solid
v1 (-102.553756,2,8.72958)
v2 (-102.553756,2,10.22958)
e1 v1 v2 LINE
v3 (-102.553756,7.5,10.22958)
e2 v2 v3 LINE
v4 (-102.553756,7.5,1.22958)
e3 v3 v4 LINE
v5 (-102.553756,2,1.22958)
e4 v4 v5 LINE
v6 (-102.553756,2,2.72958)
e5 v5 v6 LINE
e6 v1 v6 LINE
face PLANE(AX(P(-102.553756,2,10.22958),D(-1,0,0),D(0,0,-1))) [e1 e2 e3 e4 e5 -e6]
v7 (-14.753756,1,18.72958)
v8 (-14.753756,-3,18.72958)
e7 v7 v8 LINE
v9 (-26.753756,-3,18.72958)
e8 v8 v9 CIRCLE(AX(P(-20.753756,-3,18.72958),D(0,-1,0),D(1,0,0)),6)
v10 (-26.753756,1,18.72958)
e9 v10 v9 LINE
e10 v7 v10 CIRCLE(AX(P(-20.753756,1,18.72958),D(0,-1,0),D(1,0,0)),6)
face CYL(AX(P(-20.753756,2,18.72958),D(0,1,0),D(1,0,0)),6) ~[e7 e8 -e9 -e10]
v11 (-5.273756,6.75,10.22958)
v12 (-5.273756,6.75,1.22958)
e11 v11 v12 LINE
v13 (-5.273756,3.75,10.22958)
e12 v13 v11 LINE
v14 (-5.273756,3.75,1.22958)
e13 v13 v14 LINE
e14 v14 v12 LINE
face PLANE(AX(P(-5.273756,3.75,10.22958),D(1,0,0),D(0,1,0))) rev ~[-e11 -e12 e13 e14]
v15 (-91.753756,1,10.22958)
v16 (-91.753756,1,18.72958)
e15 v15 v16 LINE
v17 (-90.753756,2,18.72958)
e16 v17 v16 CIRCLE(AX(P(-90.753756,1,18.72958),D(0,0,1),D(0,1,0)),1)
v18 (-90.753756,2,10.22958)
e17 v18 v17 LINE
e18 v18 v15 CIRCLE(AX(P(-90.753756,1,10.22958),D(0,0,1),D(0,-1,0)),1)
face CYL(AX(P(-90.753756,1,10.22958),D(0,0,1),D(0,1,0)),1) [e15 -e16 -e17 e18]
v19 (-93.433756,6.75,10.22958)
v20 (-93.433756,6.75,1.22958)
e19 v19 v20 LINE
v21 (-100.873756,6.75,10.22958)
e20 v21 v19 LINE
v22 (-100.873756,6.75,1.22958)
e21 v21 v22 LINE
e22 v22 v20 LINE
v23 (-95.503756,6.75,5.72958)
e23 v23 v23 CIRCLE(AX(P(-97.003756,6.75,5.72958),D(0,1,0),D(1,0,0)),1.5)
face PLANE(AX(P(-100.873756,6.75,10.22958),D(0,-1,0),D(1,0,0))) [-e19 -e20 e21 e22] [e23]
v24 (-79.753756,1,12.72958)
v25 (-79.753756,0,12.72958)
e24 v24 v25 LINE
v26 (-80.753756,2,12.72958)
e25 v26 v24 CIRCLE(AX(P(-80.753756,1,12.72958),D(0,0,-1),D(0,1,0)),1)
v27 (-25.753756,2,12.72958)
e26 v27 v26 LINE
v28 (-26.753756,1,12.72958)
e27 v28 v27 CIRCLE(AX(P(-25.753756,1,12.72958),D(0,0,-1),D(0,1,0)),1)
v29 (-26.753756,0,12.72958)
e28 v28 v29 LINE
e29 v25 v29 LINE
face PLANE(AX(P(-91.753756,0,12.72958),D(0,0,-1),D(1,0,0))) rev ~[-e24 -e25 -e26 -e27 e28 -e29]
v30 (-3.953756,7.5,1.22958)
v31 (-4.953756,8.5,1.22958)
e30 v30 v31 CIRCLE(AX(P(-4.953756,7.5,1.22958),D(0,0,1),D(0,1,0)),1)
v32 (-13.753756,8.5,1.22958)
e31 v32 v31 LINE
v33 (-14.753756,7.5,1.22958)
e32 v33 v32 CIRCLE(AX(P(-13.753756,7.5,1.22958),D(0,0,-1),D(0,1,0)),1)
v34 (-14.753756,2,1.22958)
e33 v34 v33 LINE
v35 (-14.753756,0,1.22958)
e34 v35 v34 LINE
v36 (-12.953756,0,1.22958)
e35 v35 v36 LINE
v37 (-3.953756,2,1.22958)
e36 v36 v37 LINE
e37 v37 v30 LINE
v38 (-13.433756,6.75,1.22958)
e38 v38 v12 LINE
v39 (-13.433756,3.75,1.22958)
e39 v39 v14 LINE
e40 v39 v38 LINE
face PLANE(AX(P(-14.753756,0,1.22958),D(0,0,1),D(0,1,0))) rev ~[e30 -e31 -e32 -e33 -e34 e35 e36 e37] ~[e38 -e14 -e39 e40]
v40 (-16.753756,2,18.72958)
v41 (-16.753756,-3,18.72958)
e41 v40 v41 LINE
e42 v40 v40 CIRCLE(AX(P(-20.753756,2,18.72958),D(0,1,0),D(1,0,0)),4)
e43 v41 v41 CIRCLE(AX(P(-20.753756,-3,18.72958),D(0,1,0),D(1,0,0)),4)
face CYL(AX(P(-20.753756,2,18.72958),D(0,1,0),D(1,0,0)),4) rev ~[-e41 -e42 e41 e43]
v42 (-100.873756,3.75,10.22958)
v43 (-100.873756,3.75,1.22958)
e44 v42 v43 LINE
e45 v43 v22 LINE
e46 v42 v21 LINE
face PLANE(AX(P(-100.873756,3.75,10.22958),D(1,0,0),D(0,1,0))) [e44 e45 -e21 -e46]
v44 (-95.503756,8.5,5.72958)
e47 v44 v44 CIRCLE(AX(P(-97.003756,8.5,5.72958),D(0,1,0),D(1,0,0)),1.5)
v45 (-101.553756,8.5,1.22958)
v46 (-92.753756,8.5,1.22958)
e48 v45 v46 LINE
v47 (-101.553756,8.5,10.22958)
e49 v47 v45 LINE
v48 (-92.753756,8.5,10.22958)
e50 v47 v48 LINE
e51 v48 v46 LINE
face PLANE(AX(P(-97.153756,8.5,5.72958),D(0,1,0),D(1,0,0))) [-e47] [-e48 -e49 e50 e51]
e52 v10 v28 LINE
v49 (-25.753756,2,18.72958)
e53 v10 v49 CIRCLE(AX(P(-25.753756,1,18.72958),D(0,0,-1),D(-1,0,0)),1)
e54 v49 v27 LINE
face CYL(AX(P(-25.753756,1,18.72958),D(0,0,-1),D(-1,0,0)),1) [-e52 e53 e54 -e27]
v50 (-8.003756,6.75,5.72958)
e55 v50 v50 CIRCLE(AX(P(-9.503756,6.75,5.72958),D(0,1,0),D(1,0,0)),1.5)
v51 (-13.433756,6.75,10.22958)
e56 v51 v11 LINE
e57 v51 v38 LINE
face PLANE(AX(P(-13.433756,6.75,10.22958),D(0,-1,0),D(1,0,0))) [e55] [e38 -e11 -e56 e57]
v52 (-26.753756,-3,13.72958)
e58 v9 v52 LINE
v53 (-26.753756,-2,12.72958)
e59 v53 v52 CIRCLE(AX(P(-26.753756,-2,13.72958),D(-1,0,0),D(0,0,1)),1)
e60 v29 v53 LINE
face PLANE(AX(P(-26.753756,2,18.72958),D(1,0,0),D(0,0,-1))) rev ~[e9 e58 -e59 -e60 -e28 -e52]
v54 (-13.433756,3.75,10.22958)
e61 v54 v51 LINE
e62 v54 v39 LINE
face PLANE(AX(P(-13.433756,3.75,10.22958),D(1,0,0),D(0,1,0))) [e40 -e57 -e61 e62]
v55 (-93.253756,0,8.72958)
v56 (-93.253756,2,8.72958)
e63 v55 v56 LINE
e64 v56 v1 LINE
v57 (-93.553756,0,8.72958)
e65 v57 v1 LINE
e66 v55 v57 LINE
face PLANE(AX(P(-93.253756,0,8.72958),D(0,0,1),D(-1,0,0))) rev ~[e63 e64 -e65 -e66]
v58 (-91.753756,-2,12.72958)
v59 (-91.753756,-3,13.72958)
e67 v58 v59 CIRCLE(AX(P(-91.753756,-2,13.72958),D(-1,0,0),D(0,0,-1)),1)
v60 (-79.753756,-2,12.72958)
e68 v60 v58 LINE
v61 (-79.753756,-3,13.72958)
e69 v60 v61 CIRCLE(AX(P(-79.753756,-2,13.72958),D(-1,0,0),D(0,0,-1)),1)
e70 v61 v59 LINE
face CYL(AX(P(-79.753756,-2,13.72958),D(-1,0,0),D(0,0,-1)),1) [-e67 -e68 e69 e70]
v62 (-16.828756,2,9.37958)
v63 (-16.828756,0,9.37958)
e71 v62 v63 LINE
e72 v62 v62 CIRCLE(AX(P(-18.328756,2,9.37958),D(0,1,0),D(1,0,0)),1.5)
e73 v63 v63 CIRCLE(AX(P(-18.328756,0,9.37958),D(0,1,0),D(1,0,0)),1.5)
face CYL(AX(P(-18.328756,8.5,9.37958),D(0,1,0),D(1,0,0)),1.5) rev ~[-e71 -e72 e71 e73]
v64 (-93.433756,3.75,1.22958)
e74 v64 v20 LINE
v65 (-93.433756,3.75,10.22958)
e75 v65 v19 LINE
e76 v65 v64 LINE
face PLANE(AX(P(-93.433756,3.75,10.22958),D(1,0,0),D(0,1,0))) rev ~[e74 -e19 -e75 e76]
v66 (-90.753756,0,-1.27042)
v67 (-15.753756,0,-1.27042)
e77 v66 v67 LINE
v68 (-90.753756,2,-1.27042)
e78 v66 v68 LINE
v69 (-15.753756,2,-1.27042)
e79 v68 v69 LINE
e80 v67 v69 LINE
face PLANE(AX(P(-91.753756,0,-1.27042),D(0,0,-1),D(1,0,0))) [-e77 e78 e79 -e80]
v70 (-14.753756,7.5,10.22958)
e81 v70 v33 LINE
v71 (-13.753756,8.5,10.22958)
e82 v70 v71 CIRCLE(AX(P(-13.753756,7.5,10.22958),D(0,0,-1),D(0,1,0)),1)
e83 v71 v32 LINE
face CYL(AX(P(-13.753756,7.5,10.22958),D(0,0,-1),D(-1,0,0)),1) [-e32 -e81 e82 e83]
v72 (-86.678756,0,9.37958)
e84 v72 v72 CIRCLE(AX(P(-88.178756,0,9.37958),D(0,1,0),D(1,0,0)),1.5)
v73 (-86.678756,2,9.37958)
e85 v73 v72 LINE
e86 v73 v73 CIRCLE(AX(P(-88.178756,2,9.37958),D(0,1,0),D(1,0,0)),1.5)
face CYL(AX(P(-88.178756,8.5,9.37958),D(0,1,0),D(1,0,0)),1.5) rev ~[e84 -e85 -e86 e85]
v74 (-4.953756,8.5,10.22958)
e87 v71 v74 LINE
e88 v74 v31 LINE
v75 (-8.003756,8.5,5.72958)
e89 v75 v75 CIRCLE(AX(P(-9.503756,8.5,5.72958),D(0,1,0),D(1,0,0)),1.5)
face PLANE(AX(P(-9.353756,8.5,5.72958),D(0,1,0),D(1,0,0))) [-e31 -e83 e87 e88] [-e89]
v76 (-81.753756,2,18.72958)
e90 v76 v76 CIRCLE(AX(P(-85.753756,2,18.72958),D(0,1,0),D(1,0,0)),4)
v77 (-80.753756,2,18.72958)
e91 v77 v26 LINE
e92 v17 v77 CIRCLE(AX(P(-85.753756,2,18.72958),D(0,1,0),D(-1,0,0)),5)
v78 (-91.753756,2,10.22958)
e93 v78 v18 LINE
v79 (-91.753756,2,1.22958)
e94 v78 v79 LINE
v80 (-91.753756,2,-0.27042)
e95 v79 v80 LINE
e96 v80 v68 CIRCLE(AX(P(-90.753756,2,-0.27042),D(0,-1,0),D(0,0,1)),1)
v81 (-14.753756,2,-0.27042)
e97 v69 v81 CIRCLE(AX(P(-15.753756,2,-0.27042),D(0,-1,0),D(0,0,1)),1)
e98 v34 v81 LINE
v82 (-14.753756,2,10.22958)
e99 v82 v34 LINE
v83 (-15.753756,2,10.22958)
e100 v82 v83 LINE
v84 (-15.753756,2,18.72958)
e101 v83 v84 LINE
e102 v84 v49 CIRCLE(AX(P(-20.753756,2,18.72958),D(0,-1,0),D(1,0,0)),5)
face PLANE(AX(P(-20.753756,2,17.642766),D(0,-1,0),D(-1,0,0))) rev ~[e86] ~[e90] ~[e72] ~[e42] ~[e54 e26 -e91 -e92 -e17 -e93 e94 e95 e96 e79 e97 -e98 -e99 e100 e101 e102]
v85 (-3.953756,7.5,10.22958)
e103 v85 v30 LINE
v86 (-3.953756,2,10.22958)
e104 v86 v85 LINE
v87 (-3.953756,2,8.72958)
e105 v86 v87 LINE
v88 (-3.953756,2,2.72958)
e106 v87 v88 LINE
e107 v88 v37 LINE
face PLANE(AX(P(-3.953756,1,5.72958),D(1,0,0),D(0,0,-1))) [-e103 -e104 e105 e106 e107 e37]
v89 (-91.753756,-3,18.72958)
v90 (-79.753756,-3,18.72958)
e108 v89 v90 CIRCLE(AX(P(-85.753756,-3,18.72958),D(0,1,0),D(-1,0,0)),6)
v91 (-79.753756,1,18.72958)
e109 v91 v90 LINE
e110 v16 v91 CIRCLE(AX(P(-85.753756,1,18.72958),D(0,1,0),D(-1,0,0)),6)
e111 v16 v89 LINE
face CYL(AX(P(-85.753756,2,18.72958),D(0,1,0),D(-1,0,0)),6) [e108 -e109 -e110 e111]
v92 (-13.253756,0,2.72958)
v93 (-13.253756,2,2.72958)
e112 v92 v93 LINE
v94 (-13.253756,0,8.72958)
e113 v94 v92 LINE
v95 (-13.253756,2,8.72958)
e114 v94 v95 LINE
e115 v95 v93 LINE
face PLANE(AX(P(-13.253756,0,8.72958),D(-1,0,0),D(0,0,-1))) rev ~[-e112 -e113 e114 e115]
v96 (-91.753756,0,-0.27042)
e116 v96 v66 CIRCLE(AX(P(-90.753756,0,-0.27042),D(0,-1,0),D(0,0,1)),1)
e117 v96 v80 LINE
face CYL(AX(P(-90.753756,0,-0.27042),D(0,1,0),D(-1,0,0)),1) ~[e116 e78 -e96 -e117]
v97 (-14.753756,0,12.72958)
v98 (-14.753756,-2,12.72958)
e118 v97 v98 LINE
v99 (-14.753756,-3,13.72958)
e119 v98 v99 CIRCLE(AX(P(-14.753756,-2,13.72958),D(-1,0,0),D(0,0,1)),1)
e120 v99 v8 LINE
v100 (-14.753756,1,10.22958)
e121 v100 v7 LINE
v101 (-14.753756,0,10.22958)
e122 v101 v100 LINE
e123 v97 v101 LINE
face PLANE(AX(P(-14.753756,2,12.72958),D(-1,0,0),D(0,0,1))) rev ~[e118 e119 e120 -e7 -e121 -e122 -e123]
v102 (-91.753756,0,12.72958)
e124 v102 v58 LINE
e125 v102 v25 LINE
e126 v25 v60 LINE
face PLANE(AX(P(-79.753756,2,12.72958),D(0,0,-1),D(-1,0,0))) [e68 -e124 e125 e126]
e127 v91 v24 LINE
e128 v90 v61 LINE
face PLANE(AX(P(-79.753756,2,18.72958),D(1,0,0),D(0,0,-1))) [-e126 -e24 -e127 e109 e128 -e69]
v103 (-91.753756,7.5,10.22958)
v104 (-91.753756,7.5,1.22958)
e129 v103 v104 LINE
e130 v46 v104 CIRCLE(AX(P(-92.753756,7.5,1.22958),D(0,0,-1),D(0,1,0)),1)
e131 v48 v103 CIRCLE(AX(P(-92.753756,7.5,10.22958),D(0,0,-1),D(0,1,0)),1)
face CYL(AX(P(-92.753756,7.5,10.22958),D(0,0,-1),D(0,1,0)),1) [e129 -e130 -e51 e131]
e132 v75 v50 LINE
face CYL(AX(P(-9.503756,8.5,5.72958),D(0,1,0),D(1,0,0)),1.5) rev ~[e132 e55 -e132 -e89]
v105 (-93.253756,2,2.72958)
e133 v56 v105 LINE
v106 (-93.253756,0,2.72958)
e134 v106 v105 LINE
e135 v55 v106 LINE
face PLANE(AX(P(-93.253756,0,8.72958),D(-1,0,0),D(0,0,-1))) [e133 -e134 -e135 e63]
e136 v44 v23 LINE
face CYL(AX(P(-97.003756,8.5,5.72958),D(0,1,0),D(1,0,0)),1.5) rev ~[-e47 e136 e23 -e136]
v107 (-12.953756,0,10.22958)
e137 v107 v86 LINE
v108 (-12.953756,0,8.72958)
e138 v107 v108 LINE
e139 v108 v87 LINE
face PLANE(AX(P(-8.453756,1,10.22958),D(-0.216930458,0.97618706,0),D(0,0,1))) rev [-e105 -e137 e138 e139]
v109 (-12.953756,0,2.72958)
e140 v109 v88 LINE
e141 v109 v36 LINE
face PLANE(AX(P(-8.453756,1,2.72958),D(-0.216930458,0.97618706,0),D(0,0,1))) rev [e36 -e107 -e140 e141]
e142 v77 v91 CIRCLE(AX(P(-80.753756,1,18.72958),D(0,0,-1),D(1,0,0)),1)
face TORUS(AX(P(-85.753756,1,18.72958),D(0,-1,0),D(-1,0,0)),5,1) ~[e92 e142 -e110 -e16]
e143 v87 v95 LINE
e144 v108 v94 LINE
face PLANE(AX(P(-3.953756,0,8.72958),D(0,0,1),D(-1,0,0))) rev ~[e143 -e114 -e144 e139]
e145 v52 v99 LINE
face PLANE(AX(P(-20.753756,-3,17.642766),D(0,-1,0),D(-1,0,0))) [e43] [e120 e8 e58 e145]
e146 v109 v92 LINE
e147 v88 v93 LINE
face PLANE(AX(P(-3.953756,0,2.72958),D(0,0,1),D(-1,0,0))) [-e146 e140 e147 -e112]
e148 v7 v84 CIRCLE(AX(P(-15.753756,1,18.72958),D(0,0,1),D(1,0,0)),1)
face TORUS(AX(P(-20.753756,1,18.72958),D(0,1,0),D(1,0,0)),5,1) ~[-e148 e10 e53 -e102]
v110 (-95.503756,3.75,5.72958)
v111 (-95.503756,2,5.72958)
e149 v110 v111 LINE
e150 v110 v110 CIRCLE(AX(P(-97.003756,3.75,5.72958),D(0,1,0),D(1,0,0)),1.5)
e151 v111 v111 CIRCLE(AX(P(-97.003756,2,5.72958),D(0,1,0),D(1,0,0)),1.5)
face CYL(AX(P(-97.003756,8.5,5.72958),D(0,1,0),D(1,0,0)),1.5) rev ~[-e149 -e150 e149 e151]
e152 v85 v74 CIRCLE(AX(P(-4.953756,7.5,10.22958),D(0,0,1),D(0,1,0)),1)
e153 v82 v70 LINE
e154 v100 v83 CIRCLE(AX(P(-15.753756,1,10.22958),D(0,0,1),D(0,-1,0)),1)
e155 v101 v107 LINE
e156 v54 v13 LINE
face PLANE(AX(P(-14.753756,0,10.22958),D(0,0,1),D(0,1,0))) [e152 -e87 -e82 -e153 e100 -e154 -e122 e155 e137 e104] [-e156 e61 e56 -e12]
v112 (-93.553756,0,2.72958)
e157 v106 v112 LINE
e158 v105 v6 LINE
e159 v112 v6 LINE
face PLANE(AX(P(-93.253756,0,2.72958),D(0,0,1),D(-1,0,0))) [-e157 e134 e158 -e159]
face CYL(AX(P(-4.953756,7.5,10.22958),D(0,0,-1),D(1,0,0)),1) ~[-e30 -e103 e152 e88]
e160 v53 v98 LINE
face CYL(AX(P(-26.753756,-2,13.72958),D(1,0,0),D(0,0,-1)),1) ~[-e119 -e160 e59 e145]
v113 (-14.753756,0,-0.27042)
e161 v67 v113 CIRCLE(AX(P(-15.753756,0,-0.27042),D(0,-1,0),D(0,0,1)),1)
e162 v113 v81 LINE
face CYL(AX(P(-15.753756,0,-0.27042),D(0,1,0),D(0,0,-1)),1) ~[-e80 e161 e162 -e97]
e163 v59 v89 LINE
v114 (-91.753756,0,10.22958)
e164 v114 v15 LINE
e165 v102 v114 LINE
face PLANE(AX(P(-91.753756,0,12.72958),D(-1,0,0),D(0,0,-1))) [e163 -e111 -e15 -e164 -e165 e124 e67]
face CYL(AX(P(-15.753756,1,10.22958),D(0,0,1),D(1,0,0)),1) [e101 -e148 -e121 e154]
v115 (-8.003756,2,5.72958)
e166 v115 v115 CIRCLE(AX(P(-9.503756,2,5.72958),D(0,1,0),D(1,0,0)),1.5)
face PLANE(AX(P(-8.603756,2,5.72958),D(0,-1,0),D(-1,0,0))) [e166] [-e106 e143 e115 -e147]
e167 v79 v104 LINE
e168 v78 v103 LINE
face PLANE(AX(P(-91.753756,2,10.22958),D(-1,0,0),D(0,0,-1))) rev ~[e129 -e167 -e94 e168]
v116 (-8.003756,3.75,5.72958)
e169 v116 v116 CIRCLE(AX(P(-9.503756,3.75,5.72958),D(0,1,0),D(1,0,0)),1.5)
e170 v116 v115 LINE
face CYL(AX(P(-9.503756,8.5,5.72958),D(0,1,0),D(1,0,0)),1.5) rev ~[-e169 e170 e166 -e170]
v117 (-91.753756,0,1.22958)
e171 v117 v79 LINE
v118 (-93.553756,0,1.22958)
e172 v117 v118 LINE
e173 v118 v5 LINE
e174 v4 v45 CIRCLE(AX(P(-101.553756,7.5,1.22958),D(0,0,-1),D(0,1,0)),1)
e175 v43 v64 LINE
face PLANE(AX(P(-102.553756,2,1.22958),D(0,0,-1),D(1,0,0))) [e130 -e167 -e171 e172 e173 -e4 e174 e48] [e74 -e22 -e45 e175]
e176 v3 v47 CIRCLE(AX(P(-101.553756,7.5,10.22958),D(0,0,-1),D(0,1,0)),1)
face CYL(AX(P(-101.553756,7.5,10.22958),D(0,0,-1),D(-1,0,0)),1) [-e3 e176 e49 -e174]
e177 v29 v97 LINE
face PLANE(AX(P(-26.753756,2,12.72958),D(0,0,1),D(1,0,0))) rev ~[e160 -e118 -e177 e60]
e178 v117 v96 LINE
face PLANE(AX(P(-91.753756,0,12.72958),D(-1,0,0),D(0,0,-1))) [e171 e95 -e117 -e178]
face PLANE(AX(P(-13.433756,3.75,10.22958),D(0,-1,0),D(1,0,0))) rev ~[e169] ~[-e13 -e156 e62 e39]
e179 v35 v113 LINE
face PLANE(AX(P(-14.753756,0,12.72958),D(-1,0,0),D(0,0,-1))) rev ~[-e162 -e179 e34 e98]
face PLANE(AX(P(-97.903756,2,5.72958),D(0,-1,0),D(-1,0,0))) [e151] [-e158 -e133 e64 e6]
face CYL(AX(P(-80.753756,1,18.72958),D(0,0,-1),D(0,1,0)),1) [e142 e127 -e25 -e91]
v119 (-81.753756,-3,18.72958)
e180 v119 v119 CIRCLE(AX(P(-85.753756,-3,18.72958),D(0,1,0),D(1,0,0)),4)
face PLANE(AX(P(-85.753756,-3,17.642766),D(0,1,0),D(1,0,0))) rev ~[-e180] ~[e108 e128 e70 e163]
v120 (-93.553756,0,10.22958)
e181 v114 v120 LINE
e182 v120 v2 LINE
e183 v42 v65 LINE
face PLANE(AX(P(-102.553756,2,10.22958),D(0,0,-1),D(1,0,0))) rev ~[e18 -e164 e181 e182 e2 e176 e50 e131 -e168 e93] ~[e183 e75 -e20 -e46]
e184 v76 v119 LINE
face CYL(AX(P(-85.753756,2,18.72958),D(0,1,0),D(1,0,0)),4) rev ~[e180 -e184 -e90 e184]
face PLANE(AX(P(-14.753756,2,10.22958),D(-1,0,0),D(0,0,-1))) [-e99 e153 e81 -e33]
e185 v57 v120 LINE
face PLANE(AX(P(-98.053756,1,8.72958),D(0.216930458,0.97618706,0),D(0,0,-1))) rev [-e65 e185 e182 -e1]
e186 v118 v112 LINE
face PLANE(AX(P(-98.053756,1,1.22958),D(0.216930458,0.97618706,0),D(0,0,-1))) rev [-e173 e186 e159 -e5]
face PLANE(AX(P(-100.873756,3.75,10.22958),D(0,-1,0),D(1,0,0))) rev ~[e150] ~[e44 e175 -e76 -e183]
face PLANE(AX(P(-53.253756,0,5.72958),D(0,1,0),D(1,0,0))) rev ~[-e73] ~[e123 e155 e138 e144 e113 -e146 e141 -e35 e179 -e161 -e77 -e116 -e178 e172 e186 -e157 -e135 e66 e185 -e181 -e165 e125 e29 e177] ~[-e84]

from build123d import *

# Parameters (mm, degrees)
SKETCH1_W           = 77
SKETCH1_H           = 14
BOSS_EXTRUDE1_DEPTH = 2
SKETCH3_W           = 9
SKETCH3_H           = 2
BOSS_EXTRUDE2_DEPTH = 10.8
SKETCH4_W           = 9
SKETCH4_H           = 2
BOSS_EXTRUDE3_DEPTH = 10.8
SKETCH5_W           = 10.8
SKETCH5_H           = 9
BOSS_EXTRUDE4_DEPTH = 6.5
SKETCH6_W           = 8.16
SKETCH6_H           = 3
SKETCH6_W_2         = 7.44
CUT_EXTRUDE1_DEPTH  = 9
SKETCH8_R           = 1.5
CUT_EXTRUDE2_DEPTH  = 8.5
SKETCH10_W          = 9.3
SKETCH10_H          = 6
CUT_EXTRUDE4_DEPTH  = 2
CHAMFER1_SIZE       = 9
CHAMFER1_SIZE2      = 2
BOSS_EXTRUDE5_DEPTH = 5
SKETCH13_R          = 4
CUT_EXTRUDE5_DEPTH  = 5
FILLET3_R           = 1


with BuildPart() as part:
    # Sketch1 → Boss-Extrude1 (new body)
    with BuildSketch(Plane(origin=(0, 0, 0), x_dir=(1, 0, 0), z_dir=(0, 1, 0))):
        with Locations((-53.253755964, -5.729579977)):
            Rectangle(SKETCH1_W, SKETCH1_H)
    extrude(amount=BOSS_EXTRUDE1_DEPTH)

    # Sketch3 → Boss-Extrude2 (add)
    with BuildSketch(Plane.ZY.offset(91.753755964)):
        with Locations((5.729579977, 1)):
            Rectangle(SKETCH3_W, SKETCH3_H)
    extrude(amount=BOSS_EXTRUDE2_DEPTH)

    # Sketch4 → Boss-Extrude3 (add)
    with BuildSketch(Plane(origin=(-14.753755964, 0, 0), x_dir=(0, 0, -1), z_dir=(1, 0, 0))):
        with Locations((-5.729579977, 1)):
            Rectangle(SKETCH4_W, SKETCH4_H)
    extrude(amount=BOSS_EXTRUDE3_DEPTH)

    # Sketch5 → Boss-Extrude4 (add)
    with BuildSketch(Plane(origin=(0, 2, 0), x_dir=(1, 0, 0), z_dir=(0, 1, 0))):
        with Locations((-97.153755964, -5.729579977)):
            Rectangle(SKETCH5_W, SKETCH5_H)
        with Locations((-9.353755964, -5.729579977)):
            Rectangle(SKETCH5_W, SKETCH5_H)
    extrude(amount=BOSS_EXTRUDE4_DEPTH)

    # Sketch6 → Cut-Extrude1 (cut)
    with BuildSketch(Plane.XY.offset(10.229579977)):
        with Locations((-9.353755964, 5.25)):
            Rectangle(SKETCH6_W, SKETCH6_H)
        with Locations((-97.153755964, 5.25)):
            Rectangle(SKETCH6_W_2, SKETCH6_H)
    extrude(amount=-CUT_EXTRUDE1_DEPTH, mode=Mode.SUBTRACT)

    # Sketch8 → Cut-Extrude2 (cut)
    with BuildSketch(Plane(origin=(0, 8.5, 0), x_dir=(1, 0, 0), z_dir=(0, 1, 0))):
        with Locations((-88.178755964, -9.379579977)):
            Circle(SKETCH8_R)
        with Locations((-18.328755964, -9.379579977)):
            Circle(SKETCH8_R)
        with Locations((-97.003755964, -5.729579977)):
            Circle(SKETCH8_R)
        with Locations((-9.503755964, -5.729579977)):
            Circle(SKETCH8_R)
    extrude(amount=-CUT_EXTRUDE2_DEPTH, mode=Mode.SUBTRACT)

    # Sketch10 → Cut-Extrude4 (cut)
    with BuildSketch(Plane(origin=(0, 0, 0), x_dir=(-1, 0, 0), z_dir=(0, -1, 0))):
        with Locations((97.903755964, -5.729579977)):
            Rectangle(SKETCH10_W, SKETCH10_H)
        with Locations((8.603755964, -5.729579977)):
            Rectangle(SKETCH10_W, SKETCH10_H)
    extrude(amount=-CUT_EXTRUDE4_DEPTH, mode=Mode.SUBTRACT)

    # Chamfer1
    chamfer1_edges = [part.edges().sort_by_distance(p)[0] for p in [
        (-102.553755964, 0, 1.979579977),
        (-3.953755964, 0, 9.479579977),
        (-3.953755964, 0, 1.979579977),
        (-102.553755964, 0, 9.479579977),
    ]]
    chamfer1_side = [part.faces().sort_by_distance(p)[0] for p in [
        (-53.253755964, 0, 5.684579251),
    ]]
    chamfer(chamfer1_edges, length=CHAMFER1_SIZE, length2=CHAMFER1_SIZE2, reference=chamfer1_side[0])

    # Sketch12 → Boss-Extrude5 (add)
    with BuildSketch(Plane(origin=(0, 2, 0), x_dir=(1, 0, 0), z_dir=(0, 1, 0))):
        with BuildLine():
            Line((-26.753755964, -12.729579977), (-14.753755964, -12.729579977))
            Line((-14.753755964, -12.729579977), (-14.753755964, -18.729579977))
            ThreePointArc((-14.753755964, -18.729579977), (-20.753755964, -24.729579977), (-26.753755964, -18.729579977))
            Line((-26.753755964, -18.729579977), (-26.753755964, -12.729579977))
        make_face()
        with BuildLine():
            Line((-91.753755964, -12.729579977), (-91.753755964, -18.729579977))
            ThreePointArc((-91.753755964, -18.729579977), (-85.753755964, -24.729579977), (-79.753755964, -18.729579977))
            Line((-79.753755964, -18.729579977), (-79.753755964, -12.729579977))
            Line((-79.753755964, -12.729579977), (-91.753755964, -12.729579977))
        make_face()
    extrude(amount=-BOSS_EXTRUDE5_DEPTH)

    # Sketch13 → Cut-Extrude5 (cut)
    with BuildSketch(Plane(origin=(0, 2, 0), x_dir=(1, 0, 0), z_dir=(0, 1, 0))):
        with Locations((-85.753755964, -18.729579977)):
            Circle(SKETCH13_R)
        with Locations((-20.753755964, -18.729579977)):
            Circle(SKETCH13_R)
    extrude(amount=-CUT_EXTRUDE5_DEPTH, mode=Mode.SUBTRACT)

    # Fillet3
    fillet3_edges = [part.edges().sort_by_distance(p)[0] for p in [
        (-85.753755964, -3, 12.729579977),
        (-85.753755964, 2, 24.729579977),
        (-79.753755964, 2, 15.729579977),
        (-20.753755964, -3, 12.729579977),
        (-20.753755964, 2, 24.729579977),
        (-26.753755964, 2, 15.729579977),
        (-91.753755964, 8.5, 5.729579977),
        (-102.553755964, 8.5, 5.729579977),
        (-14.753755964, 8.5, 5.729579977),
        (-3.953755964, 8.5, 5.729579977),
        (-91.753755964, 1, -1.270420023),
        (-14.753755964, 1, -1.270420023),
    ]]
    fillet(fillet3_edges, radius=FILLET3_R)


solid = part.part
